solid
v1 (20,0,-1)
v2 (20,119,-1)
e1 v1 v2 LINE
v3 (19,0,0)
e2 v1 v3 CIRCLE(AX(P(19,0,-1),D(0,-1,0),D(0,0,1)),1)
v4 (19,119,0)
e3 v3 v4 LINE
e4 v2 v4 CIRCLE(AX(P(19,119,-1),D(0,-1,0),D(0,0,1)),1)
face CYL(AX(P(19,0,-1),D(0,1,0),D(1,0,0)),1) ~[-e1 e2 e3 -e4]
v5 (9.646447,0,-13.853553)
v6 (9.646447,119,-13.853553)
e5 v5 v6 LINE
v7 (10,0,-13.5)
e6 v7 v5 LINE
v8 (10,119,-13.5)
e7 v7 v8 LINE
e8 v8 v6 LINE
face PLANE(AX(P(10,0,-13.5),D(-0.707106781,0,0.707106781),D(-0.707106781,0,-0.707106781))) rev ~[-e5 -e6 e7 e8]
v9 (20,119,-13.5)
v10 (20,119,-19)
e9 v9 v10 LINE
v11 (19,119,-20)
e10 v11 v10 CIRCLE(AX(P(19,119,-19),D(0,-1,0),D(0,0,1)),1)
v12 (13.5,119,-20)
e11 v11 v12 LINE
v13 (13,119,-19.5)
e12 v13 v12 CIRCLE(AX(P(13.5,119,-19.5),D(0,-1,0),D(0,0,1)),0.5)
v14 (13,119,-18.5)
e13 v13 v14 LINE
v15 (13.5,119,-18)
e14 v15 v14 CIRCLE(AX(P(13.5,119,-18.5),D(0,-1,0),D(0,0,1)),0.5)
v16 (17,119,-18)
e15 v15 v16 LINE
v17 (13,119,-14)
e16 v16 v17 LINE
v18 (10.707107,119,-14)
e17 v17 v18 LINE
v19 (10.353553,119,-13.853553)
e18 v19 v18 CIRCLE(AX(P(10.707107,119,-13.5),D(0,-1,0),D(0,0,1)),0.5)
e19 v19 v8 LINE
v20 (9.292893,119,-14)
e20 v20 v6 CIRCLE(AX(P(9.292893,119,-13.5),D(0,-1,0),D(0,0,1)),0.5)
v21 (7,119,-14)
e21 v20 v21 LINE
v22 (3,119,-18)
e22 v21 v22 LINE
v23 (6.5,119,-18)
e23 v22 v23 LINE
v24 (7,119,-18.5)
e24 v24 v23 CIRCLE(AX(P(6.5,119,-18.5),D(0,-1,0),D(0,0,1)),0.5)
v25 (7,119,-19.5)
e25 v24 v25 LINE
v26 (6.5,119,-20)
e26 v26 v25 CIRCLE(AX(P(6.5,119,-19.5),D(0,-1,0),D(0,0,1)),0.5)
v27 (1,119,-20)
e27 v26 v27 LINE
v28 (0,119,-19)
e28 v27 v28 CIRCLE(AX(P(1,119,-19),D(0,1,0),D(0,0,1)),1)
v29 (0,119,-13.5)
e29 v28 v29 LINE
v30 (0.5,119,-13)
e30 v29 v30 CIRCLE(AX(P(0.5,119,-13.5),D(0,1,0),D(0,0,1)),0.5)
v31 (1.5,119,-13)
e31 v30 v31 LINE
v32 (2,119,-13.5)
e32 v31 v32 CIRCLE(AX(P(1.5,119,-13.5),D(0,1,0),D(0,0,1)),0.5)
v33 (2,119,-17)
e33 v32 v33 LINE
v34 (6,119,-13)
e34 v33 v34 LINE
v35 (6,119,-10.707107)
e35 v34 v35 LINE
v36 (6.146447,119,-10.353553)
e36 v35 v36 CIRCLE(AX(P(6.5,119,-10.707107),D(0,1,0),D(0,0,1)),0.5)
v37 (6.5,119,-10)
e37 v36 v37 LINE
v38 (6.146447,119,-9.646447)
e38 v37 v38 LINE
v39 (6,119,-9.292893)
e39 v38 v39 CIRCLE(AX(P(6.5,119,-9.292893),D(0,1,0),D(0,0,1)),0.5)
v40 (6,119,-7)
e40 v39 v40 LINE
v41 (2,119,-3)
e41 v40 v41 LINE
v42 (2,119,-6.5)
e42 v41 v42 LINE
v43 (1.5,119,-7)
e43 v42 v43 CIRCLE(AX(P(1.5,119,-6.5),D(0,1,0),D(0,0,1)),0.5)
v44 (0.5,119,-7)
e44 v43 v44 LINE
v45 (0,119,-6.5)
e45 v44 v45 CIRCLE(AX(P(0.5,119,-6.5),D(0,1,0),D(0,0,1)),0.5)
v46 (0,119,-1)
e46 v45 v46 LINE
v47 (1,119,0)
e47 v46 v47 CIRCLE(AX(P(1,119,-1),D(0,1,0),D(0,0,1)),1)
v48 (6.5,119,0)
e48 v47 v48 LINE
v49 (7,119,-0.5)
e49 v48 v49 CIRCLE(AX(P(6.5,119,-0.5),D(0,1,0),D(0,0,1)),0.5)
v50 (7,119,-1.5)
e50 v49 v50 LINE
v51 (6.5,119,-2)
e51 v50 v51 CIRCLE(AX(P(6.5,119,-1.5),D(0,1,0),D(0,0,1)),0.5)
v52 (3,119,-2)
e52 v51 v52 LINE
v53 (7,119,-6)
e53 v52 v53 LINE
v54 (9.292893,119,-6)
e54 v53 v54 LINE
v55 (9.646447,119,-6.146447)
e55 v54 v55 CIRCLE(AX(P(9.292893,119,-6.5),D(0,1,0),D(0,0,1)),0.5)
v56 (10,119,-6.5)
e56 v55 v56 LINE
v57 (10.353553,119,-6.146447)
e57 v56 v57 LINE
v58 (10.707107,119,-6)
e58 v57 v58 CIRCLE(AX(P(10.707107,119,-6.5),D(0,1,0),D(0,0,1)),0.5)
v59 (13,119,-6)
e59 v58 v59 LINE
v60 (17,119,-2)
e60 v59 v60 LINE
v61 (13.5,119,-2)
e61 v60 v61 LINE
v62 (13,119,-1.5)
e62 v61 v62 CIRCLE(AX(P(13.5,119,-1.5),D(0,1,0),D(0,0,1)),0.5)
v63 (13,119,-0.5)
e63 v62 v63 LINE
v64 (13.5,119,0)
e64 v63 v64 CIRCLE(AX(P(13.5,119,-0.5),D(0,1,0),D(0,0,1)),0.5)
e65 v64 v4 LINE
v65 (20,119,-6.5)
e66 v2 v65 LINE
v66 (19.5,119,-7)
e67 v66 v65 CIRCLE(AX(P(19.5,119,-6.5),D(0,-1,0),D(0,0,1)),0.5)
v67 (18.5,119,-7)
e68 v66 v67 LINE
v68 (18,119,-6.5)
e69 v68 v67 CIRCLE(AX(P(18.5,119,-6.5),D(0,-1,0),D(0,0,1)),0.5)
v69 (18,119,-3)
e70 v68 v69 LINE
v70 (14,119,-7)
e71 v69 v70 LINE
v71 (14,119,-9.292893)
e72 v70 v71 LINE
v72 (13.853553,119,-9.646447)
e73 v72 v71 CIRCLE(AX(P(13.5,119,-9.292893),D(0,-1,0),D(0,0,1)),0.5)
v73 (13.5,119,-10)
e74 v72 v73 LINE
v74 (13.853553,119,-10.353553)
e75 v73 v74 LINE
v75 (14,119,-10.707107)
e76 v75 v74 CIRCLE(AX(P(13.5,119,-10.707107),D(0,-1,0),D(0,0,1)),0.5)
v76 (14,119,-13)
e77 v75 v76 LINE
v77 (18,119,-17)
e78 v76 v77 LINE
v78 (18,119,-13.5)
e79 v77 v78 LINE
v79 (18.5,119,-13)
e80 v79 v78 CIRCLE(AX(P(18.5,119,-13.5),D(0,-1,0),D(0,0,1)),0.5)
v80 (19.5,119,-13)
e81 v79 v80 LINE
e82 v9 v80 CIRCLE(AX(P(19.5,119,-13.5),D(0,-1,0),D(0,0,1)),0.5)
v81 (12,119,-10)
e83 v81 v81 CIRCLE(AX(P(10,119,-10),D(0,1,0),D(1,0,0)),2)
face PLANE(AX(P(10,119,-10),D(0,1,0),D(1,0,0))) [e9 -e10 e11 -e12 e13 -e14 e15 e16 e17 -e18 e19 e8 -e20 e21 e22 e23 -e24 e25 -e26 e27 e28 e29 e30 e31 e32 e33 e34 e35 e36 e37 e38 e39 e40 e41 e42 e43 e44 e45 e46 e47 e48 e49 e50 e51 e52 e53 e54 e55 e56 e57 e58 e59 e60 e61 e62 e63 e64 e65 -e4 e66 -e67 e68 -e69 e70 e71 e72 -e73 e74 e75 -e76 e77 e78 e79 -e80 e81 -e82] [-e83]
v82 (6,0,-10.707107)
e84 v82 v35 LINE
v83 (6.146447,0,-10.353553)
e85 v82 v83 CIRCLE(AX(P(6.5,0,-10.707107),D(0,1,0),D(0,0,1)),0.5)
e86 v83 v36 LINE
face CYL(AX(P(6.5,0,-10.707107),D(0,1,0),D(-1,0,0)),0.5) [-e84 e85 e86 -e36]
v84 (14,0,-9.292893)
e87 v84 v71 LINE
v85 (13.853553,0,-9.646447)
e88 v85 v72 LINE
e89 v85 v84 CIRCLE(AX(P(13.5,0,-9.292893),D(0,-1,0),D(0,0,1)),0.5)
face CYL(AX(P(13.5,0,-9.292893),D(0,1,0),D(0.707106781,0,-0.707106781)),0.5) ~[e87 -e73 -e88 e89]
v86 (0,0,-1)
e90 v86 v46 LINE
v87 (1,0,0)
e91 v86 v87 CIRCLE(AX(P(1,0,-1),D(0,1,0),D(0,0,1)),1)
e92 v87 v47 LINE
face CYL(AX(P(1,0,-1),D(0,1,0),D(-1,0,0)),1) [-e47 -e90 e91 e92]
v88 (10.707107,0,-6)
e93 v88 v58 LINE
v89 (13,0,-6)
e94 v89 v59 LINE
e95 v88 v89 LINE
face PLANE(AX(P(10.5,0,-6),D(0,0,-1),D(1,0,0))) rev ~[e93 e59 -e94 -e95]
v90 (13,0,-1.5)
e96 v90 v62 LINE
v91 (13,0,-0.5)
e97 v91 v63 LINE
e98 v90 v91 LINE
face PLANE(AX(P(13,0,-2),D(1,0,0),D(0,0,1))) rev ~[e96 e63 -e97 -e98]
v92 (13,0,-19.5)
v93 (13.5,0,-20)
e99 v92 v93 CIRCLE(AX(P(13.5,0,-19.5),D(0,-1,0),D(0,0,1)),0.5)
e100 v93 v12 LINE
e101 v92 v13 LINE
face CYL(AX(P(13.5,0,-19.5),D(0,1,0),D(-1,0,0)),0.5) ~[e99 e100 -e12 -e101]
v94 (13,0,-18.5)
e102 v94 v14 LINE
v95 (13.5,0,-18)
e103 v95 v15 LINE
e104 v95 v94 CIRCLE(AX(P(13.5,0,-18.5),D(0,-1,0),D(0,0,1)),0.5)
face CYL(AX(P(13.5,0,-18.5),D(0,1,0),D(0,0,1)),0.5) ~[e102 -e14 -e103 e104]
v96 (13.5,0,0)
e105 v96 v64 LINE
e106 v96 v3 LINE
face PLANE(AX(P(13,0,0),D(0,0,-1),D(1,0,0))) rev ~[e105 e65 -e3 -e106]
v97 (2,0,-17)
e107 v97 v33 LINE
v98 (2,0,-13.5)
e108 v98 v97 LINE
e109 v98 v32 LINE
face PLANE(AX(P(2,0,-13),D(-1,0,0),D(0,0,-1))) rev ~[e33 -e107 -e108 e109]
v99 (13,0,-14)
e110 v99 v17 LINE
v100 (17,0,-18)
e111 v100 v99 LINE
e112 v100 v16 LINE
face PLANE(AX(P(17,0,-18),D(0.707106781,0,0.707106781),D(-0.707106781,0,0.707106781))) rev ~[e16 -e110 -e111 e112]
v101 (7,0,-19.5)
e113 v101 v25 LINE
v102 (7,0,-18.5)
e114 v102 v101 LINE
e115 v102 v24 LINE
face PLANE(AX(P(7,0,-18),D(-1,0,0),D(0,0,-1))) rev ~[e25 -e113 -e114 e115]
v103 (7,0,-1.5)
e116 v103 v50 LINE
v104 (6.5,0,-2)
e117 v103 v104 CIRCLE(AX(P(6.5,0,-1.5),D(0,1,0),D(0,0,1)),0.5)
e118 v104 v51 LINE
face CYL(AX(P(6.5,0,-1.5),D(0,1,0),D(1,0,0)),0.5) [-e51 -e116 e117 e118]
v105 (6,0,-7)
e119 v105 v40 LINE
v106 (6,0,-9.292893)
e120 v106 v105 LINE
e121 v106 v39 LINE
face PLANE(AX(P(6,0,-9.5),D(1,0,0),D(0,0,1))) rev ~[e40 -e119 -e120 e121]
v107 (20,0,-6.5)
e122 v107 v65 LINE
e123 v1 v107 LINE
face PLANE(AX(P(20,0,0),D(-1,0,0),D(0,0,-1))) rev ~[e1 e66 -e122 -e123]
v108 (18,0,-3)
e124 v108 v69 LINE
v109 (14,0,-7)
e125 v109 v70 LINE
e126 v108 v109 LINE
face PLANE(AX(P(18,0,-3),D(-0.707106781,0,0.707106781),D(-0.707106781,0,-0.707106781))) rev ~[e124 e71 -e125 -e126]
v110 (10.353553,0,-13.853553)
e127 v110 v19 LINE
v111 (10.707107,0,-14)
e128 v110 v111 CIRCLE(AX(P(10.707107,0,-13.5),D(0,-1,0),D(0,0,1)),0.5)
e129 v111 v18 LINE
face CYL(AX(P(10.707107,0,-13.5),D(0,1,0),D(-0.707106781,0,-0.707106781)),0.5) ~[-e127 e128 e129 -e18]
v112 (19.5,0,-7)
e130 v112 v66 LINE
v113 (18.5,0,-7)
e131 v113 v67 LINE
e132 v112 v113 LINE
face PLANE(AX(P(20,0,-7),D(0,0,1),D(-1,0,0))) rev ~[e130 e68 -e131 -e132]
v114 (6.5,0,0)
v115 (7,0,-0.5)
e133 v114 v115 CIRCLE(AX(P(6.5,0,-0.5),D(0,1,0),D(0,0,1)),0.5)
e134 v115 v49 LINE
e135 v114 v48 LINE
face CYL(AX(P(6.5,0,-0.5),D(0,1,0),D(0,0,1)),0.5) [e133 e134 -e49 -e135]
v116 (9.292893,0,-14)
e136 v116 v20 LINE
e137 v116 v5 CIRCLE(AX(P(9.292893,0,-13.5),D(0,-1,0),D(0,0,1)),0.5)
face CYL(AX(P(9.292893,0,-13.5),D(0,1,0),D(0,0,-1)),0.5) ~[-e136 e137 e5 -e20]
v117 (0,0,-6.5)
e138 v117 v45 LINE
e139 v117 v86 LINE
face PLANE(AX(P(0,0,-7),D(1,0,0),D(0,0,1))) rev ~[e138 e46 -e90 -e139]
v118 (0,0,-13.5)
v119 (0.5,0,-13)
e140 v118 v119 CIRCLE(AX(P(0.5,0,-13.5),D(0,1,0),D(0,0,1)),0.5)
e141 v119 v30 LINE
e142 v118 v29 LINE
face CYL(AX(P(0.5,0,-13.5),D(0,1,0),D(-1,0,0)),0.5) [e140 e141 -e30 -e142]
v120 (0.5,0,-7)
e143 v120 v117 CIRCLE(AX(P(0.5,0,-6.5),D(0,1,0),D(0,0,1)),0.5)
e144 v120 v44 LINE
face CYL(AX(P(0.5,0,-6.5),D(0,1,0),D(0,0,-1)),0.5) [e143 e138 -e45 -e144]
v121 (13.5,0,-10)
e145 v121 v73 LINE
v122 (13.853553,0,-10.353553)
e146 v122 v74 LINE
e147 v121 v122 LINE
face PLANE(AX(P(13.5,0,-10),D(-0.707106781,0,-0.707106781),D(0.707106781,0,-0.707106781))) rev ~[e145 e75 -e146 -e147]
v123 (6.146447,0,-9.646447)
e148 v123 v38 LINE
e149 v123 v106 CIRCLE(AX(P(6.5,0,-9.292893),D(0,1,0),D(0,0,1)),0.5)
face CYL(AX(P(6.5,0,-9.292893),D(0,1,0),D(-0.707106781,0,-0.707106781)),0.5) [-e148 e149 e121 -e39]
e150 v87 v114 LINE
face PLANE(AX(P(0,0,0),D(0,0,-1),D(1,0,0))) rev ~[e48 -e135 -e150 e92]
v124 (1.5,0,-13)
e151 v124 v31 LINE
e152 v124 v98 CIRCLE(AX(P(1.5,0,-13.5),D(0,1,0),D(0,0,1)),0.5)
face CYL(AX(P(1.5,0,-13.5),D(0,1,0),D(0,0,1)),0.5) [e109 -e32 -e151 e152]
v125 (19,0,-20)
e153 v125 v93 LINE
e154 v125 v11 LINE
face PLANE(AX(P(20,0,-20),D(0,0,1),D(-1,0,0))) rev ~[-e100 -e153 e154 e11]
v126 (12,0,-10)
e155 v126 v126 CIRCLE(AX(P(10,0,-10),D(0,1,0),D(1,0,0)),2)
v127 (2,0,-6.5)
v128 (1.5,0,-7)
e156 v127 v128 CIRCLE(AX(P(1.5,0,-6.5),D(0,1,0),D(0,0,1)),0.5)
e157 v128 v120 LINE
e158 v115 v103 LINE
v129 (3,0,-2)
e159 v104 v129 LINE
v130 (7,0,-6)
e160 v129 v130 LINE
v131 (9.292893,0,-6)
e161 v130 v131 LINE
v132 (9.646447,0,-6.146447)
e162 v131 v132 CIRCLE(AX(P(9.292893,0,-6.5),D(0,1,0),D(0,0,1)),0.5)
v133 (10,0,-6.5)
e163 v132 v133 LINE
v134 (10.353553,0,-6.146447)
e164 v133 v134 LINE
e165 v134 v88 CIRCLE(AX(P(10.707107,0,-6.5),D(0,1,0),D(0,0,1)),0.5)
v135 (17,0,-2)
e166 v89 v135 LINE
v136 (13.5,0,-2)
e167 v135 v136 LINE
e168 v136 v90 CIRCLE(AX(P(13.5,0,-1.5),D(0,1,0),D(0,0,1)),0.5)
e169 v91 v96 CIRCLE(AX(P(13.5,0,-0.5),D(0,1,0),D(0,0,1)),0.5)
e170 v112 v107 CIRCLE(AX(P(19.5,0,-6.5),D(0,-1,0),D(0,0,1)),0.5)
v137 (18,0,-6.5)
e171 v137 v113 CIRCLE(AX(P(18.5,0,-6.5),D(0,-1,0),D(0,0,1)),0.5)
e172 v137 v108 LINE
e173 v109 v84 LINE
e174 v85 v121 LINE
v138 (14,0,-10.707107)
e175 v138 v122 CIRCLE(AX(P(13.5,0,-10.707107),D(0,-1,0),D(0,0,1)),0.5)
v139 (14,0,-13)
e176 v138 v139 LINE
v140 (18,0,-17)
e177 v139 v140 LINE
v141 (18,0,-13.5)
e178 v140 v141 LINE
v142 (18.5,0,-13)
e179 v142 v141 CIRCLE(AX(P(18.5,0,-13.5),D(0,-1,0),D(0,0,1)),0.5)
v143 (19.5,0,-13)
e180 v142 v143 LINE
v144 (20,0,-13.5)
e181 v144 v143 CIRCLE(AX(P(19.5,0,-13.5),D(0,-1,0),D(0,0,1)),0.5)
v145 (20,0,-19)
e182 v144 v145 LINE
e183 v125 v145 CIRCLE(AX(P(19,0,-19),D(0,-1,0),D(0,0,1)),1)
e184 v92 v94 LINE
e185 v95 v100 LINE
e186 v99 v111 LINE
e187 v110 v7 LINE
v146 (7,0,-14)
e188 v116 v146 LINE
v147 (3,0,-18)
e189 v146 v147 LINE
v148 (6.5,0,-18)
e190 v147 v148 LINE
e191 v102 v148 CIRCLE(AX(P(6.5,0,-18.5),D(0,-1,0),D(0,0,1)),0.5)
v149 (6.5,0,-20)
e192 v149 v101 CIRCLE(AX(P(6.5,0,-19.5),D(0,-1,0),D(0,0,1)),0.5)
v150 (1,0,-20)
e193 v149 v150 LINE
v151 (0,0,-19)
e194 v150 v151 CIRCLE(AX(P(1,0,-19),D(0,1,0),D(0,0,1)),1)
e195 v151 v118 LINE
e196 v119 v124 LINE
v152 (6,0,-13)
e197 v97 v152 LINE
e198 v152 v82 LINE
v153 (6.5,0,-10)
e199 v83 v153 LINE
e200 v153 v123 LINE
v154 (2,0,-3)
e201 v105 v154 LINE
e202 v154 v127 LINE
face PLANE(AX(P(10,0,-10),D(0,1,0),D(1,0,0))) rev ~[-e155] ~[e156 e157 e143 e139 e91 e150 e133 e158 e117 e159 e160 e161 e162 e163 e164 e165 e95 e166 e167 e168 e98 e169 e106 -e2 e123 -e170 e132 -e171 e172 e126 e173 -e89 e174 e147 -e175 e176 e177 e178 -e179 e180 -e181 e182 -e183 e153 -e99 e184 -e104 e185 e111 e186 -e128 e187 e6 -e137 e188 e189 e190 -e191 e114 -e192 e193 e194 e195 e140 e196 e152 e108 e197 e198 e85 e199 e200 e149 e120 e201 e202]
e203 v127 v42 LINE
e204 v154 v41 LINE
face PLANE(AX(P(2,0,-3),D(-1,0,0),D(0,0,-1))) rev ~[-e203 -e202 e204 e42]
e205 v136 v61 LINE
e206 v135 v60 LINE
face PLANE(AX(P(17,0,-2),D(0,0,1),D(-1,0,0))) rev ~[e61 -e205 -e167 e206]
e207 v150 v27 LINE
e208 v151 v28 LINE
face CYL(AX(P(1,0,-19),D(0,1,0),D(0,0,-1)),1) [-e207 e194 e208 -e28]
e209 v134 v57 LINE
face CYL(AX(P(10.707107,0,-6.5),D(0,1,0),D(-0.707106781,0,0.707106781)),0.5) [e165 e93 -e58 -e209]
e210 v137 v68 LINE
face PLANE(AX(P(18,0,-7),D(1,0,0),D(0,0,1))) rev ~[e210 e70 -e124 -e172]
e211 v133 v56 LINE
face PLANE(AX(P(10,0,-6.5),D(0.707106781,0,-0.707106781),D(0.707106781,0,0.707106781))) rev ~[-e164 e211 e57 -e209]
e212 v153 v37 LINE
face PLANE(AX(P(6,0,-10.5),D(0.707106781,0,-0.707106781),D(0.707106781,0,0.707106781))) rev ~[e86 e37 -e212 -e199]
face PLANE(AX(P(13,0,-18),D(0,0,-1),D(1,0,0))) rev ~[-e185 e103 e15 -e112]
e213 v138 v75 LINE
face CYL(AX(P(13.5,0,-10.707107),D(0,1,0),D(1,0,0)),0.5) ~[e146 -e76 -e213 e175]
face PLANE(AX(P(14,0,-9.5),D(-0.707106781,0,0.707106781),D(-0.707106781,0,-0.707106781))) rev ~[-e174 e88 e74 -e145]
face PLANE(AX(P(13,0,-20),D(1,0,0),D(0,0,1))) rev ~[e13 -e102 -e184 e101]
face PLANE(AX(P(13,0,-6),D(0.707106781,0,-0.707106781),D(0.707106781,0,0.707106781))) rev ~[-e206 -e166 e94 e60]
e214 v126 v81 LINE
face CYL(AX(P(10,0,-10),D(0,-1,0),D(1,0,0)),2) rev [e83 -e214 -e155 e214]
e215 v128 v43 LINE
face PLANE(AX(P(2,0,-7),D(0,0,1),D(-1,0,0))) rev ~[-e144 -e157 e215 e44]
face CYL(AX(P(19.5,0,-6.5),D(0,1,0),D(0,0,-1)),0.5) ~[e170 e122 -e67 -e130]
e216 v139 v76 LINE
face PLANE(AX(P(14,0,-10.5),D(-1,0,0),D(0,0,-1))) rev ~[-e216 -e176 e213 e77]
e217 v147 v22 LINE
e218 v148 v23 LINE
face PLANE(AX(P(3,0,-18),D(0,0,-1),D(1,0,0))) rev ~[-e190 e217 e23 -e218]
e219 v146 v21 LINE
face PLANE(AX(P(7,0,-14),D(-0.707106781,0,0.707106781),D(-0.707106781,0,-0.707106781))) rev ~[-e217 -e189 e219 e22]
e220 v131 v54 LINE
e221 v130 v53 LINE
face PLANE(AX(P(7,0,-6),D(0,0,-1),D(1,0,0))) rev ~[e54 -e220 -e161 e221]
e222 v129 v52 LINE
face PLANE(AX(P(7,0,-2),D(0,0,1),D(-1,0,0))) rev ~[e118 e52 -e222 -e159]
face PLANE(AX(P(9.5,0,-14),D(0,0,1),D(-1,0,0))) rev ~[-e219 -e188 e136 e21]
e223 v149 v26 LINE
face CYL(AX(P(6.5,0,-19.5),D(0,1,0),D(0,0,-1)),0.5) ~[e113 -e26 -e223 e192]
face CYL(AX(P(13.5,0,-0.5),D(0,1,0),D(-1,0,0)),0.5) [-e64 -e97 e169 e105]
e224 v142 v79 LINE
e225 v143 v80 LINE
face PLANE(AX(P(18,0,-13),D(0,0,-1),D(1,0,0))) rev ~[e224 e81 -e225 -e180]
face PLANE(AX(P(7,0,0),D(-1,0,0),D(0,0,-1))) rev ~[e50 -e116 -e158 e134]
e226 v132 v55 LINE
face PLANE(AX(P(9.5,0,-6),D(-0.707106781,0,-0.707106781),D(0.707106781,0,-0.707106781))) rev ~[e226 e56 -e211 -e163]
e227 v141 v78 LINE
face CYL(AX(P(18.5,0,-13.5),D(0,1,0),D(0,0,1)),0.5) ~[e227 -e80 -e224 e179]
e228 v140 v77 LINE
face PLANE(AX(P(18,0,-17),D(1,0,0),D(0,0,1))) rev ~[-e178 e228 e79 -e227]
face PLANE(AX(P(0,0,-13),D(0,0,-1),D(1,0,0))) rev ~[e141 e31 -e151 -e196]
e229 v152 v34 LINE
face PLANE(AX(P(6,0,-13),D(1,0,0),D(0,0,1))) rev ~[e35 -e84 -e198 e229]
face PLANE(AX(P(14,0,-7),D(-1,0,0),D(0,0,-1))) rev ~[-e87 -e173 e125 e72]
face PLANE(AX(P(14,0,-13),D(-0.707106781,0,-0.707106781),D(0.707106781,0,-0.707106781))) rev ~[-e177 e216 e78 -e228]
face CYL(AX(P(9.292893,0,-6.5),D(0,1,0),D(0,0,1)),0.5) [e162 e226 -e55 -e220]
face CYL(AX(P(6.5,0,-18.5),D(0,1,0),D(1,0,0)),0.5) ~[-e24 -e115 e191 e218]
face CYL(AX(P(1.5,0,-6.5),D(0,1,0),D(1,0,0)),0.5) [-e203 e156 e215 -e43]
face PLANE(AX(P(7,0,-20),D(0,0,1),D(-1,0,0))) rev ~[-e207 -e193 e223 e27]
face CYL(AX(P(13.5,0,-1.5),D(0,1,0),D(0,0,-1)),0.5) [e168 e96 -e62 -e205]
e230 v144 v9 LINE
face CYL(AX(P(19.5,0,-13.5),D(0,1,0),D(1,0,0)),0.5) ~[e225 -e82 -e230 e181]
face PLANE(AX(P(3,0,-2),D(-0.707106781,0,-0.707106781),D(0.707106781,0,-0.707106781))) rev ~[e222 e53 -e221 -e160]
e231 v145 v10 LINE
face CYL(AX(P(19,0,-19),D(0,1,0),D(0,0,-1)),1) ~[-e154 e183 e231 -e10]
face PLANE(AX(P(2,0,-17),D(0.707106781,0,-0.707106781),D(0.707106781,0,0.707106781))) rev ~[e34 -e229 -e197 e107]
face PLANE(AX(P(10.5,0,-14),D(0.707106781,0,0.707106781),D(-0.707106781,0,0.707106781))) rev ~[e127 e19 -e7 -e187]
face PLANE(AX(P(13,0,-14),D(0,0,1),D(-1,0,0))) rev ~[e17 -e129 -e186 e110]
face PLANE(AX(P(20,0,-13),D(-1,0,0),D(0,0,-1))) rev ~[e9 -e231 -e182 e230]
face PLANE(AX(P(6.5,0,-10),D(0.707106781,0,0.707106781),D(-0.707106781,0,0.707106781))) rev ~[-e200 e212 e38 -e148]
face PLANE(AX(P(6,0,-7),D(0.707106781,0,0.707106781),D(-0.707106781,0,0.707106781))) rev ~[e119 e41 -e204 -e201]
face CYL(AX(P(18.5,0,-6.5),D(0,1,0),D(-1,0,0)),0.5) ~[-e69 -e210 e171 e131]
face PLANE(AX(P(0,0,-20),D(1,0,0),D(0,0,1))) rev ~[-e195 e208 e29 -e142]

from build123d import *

# Parameters (mm, degrees)
SKETCH1_R           = 2
BOSS_EXTRUDE1_DEPTH = 119
FILLET1_R           = 1
FILLET2_R           = 0.5
FILLET4_R           = 0.5


with BuildPart() as part:
    # Sketch1 → Boss-Extrude1 (new body)
    with BuildSketch(Plane(origin=(0, 0, 0), x_dir=(1, 0, 0), z_dir=(0, 1, 0))):
        Polygon((7, 18), (7, 20), (0, 20), (0, 13), (2, 13), (2, 17), (6, 13), (6, 10.5), (6.5, 10), (6, 9.5), (6, 7), (2, 3), (2, 7), (0, 7), (0, 0), (7, 0), (7, 2), (3, 2), (7, 6), (9.5, 6), (10, 6.5), (10.5, 6), (13, 6), (17, 2), (13, 2), (13, 0), (20, 0), (20, 7), (18, 7), (18, 3), (14, 7), (14, 9.5), (13.5, 10), (14, 10.5), (14, 13), (18, 17), (18, 13), (20, 13), (20, 20), (13, 20), (13, 18), (17, 18), (13, 14), (10.5, 14), (10, 13.5), (9.5, 14), (7, 14), (3, 18), align=None)
        with Locations((10, 10)):
            Circle(SKETCH1_R, mode=Mode.SUBTRACT)
    extrude(amount=BOSS_EXTRUDE1_DEPTH)

    # Fillet1
    fillet1_edges = [part.edges().sort_by_distance(p)[0] for p in [
        (20, 59.5, 0),
        (0, 59.5, 0),
        (0, 59.5, -20),
        (20, 59.5, -20),
    ]]
    fillet(fillet1_edges, radius=FILLET1_R)

    # Fillet2
    fillet2_edges = [part.edges().sort_by_distance(p)[0] for p in [
        (18, 59.5, -7),
        (20, 59.5, -7),
        (13, 59.5, 0),
        (13, 59.5, -2),
        (7, 59.5, -2),
        (7, 59.5, 0),
        (0, 59.5, -7),
        (2, 59.5, -7),
        (2, 59.5, -13),
        (0, 59.5, -13),
        (7, 59.5, -20),
        (7, 59.5, -18),
        (13, 59.5, -18),
        (13, 59.5, -20),
        (20, 59.5, -13),
        (18, 59.5, -13),
    ]]
    fillet(fillet2_edges, radius=FILLET2_R)

    # Fillet4
    fillet4_edges = [part.edges().sort_by_distance(p)[0] for p in [
        (10.5, 59.5, -6),
        (9.5, 59.5, -6),
        (6, 59.5, -9.5),
        (6, 59.5, -10.5),
        (9.5, 59.5, -14),
        (10.5, 59.5, -14),
        (14, 59.5, -10.5),
        (14, 59.5, -9.5),
    ]]
    fillet(fillet4_edges, radius=FILLET4_R)


solid = part.part
